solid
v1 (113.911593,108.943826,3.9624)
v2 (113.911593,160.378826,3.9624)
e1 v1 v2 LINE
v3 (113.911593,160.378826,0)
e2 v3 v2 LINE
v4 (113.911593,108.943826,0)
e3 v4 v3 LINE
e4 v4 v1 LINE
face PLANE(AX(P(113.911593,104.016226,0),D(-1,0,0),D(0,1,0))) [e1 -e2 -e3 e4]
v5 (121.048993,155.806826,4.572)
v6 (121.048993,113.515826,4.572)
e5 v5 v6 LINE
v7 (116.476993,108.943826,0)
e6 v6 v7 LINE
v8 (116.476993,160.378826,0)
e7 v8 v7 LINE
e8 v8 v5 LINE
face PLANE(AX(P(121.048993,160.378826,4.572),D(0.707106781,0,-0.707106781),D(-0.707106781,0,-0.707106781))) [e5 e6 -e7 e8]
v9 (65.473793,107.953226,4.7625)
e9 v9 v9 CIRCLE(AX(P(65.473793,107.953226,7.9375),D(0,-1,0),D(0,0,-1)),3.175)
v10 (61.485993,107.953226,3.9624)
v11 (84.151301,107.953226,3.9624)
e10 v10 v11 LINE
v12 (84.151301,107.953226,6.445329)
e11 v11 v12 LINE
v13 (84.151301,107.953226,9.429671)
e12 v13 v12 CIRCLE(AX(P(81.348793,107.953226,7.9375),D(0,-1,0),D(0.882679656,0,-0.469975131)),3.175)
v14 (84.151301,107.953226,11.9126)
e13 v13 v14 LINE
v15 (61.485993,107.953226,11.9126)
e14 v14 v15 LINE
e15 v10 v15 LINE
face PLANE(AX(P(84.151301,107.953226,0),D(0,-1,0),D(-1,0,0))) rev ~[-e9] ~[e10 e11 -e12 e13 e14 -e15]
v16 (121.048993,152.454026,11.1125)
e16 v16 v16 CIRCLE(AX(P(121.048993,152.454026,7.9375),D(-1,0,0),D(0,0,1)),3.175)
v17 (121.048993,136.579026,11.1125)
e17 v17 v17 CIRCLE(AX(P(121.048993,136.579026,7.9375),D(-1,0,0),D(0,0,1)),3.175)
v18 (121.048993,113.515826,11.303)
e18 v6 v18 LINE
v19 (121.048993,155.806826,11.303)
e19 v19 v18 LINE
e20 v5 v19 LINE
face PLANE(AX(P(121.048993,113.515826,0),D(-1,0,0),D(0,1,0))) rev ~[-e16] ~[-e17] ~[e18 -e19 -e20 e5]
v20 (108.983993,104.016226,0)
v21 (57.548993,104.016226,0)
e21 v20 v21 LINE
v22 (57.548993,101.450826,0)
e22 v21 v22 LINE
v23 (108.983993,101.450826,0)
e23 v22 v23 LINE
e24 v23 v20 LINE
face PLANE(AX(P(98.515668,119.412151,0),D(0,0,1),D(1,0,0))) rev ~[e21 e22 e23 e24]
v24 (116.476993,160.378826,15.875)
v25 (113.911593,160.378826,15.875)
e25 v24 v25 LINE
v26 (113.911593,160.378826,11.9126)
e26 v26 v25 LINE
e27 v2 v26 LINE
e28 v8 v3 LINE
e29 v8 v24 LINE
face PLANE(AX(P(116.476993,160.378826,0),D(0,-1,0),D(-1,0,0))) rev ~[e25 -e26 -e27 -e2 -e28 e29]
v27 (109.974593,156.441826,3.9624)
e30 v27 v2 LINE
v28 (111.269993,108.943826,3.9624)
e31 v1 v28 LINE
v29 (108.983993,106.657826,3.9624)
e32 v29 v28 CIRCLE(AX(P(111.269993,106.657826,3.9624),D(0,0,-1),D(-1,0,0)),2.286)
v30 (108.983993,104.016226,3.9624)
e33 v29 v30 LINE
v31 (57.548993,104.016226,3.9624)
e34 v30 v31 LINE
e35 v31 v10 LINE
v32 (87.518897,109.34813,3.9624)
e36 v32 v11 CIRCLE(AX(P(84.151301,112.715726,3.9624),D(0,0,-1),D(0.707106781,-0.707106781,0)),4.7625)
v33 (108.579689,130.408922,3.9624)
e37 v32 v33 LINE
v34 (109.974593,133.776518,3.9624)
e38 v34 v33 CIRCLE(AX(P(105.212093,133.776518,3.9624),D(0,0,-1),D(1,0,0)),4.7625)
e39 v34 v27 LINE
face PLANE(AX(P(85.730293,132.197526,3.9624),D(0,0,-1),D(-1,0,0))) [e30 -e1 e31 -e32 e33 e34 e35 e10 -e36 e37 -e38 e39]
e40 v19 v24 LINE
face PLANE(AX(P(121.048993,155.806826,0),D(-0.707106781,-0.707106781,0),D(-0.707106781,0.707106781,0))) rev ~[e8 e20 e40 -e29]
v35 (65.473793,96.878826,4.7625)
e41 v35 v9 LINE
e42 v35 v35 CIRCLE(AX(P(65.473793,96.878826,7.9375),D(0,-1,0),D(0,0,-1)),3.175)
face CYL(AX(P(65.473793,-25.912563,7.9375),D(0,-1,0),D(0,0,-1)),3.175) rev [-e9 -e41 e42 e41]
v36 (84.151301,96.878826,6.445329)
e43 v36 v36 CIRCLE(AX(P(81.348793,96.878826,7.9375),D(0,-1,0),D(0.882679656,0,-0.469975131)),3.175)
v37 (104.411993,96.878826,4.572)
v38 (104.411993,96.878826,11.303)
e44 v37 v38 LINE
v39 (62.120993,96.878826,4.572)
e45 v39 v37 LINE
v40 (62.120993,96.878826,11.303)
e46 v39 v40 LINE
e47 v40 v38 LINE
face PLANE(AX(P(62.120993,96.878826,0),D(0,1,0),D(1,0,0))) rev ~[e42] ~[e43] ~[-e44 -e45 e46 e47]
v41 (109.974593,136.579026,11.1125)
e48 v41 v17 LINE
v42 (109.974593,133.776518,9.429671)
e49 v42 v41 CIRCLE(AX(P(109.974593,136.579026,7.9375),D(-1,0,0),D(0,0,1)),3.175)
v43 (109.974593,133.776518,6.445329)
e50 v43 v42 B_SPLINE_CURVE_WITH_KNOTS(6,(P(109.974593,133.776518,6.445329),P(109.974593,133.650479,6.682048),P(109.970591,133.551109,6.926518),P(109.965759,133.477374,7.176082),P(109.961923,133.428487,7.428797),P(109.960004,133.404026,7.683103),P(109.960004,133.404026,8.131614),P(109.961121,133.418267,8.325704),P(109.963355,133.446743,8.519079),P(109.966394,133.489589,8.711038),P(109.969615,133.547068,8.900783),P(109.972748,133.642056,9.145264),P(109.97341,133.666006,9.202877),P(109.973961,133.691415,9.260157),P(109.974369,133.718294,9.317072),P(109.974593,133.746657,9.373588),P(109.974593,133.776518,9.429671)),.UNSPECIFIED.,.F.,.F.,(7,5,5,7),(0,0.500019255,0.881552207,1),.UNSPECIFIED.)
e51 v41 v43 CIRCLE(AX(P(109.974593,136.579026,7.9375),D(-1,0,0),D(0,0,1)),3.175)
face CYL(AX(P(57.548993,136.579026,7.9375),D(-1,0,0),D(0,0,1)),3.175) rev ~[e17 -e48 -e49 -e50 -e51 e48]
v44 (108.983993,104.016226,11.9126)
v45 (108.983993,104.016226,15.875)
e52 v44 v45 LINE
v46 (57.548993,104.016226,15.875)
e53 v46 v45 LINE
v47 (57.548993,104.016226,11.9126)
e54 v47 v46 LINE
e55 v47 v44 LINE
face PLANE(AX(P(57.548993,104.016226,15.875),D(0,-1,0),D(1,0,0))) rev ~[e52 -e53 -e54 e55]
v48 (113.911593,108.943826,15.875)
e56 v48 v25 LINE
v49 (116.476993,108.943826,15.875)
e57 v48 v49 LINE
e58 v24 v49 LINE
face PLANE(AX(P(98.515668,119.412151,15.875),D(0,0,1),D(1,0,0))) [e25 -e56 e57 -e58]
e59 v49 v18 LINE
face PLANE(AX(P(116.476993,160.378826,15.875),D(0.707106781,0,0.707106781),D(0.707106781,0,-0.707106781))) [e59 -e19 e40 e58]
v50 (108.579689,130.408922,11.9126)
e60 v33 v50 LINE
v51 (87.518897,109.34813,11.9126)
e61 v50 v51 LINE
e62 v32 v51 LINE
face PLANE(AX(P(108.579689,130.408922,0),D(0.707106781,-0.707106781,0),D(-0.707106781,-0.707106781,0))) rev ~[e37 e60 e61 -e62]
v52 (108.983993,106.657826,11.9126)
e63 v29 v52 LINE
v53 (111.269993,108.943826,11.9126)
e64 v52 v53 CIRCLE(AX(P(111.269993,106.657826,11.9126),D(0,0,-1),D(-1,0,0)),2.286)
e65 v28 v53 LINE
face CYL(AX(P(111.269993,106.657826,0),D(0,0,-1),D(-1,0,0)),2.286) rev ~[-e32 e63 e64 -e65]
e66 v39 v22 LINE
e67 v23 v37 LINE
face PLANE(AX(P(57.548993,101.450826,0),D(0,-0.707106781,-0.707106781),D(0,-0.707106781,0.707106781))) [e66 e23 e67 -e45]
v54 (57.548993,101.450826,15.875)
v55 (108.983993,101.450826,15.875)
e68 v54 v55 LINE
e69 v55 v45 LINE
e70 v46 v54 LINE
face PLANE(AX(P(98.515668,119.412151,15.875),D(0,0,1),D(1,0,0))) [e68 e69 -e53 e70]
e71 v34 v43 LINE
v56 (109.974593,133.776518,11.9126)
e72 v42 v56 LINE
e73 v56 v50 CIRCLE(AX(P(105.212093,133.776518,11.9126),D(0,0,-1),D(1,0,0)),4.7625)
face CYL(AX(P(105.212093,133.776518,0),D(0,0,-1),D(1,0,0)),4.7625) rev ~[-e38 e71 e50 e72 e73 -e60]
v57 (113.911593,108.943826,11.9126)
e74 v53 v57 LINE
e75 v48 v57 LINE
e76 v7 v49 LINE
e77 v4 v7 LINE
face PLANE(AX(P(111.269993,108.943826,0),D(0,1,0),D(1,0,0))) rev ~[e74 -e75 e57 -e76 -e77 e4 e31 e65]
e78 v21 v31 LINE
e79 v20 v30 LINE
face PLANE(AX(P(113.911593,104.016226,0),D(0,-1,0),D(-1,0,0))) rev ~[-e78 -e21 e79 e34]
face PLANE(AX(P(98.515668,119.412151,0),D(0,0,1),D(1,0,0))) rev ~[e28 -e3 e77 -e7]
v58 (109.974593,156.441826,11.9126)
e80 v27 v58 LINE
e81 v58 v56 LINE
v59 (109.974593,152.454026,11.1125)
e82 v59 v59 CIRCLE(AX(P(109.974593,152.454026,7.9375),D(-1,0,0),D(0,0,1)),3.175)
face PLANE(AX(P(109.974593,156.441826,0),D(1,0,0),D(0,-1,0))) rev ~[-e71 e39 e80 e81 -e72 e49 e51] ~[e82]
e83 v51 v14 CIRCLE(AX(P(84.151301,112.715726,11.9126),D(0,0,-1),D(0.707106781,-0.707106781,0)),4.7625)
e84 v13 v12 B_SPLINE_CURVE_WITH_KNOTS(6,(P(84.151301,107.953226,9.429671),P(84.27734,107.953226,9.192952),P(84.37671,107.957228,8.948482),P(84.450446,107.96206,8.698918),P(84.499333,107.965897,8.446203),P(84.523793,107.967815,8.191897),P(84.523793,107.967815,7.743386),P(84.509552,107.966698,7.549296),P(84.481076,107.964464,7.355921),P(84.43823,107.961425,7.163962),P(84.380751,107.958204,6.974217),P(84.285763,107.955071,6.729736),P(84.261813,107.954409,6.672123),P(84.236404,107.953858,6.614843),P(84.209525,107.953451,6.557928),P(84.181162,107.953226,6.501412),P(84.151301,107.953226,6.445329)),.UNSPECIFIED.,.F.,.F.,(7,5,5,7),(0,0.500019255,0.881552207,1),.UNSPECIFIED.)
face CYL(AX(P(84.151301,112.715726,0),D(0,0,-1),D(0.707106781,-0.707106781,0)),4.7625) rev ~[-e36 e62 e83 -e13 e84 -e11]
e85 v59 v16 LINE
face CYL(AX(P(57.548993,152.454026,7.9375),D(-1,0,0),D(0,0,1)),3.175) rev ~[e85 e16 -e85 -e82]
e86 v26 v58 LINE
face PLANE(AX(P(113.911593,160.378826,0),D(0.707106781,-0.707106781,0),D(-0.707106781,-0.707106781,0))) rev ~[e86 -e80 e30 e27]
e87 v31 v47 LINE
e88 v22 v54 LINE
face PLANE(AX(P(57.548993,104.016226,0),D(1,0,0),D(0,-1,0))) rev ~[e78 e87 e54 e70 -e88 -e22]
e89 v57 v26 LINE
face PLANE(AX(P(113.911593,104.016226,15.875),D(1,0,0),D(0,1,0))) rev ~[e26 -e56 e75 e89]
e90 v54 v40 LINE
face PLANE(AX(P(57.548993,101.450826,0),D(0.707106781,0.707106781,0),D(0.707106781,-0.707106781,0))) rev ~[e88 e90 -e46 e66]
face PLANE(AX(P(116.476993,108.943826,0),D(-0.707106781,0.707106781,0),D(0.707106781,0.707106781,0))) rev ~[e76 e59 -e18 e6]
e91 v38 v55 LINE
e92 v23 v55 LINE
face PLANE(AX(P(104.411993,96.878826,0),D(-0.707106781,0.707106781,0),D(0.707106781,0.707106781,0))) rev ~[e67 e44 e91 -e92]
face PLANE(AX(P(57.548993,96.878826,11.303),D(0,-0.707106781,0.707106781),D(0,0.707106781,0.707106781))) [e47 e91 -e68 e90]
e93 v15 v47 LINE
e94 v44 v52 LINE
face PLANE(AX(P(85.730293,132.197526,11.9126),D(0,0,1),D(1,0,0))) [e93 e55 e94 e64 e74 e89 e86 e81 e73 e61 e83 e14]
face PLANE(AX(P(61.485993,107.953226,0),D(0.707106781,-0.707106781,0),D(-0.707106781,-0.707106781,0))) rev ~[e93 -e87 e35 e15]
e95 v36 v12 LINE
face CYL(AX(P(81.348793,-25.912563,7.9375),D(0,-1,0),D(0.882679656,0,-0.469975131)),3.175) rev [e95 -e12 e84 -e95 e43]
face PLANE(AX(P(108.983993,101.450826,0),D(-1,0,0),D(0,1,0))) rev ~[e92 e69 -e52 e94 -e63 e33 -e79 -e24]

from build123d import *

# Parameters (mm, degrees)
EXTRUDE1_DEPTH          = 15.875
SKETCH2_W               = 56.3626
SKETCH2_H               = 56.3626
CUT_EXTRUDE1_DEPTH      = 3.9624
SKETCH3_W               = 56.3626
SKETCH3_H               = 56.3626
CUT_EXTRUDE2_DEPTH      = 3.9624
CUT_EXTRUDE3_DEPTH      = 174.221342401
CUT_EXTRUDE4_DEPTH      = 138.612224622
SKETCH7_R               = 3.175
CUT_EXTRUDE6_DEPTH      = 174.221342401
CUT_EXTRUDE7_DEPTH      = 3.9624
CUT_EXTRUDE7_DEPTH_BACK = 133.865789145
SKETCH9_R               = 3.175


with BuildPart() as part:
    # Sketch1 → Extrude1 (new body)
    with BuildSketch(Plane.XY):
        with BuildLine():
            Line((108.579689187, 130.408922074), (87.518897096, 109.348129983))
            ThreePointArc((87.518897096, 109.348129983), (85.973830897, 108.315749755), (84.15130105, 107.953226029))
            Line((84.15130105, 107.953226029), (61.485993141, 107.953226029))
            Line((61.485993141, 107.953226029), (57.548993141, 104.016226029))
            Line((57.548993141, 104.016226029), (57.548993141, 101.450826029))
            Line((57.548993141, 101.450826029), (62.120993141, 96.878826029))
            Line((62.120993141, 96.878826029), (104.411993141, 96.878826029))
            Line((104.411993141, 96.878826029), (108.983993141, 101.450826029))
            Line((108.983993141, 101.450826029), (108.983993141, 106.657826029))
            ThreePointArc((108.983993141, 106.657826029), (109.653547039, 108.27427213), (111.269993141, 108.943826029))
            Line((111.269993141, 108.943826029), (116.476993141, 108.943826029))
            Line((116.476993141, 108.943826029), (121.048993141, 113.515826029))
            Line((121.048993141, 113.515826029), (121.048993141, 155.806826029))
            Line((121.048993141, 155.806826029), (116.476993141, 160.378826029))
            Line((116.476993141, 160.378826029), (113.911593141, 160.378826029))
            Line((113.911593141, 160.378826029), (109.974593141, 156.441826029))
            Line((109.974593141, 156.441826029), (109.974593141, 133.776518119))
            ThreePointArc((109.974593141, 133.776518119), (109.612069415, 131.953988273), (108.579689187, 130.408922074))
        make_face()
    extrude(amount=EXTRUDE1_DEPTH)

    # Sketch2 → Cut-Extrude1 (cut)
    with BuildSketch(Plane.XY.offset(15.875)):
        with Locations((85.730293141, 132.197526029)):
            Rectangle(SKETCH2_W, SKETCH2_H)
    extrude(amount=-CUT_EXTRUDE1_DEPTH, mode=Mode.SUBTRACT)

    # Sketch3 → Cut-Extrude2 (cut)
    with BuildSketch(Plane(origin=(0, 0, 0), x_dir=(-1, 0, 0), z_dir=(0, 0, -1))):
        with Locations((-85.730293141, 132.197526029)):
            Rectangle(SKETCH3_W, SKETCH3_H)
    extrude(amount=-CUT_EXTRUDE2_DEPTH, mode=Mode.SUBTRACT)

    # Sketch4 → Cut-Extrude3 (cut, through all)
    with BuildSketch(Plane.ZY.offset(-57.548993141)):
        Polygon((0, 101.450826029), (4.572, 96.878826029), (11.303, 96.878826029), (15.875, 101.450826029), (19.712057388, 96.14079716), (9.313004955, 92.313845979), (-3.516713195, 97.866362975), align=None)
    extrude(amount=-CUT_EXTRUDE3_DEPTH, mode=Mode.SUBTRACT)

    # Sketch6 → Cut-Extrude4 (cut, through all)
    with BuildSketch(Plane(origin=(0, 160.378826029, 0), x_dir=(1, 0, 0), z_dir=(0, 1, 0))):
        Polygon((116.476993141, -15.875), (121.048993141, -11.303), (121.048993141, -4.572), (116.476993141, 0), (122.85176925, 1.025817626), (123.595758284, -16.192214298), (117.254137473, -18.459609448), align=None)
    extrude(amount=-CUT_EXTRUDE4_DEPTH, mode=Mode.SUBTRACT)

    # Sketch7 → Cut-Extrude6 (cut, through all)
    with BuildSketch(Plane.ZY.offset(-57.548993141)):
        with Locations((7.9375, 136.579026029)):
            Circle(SKETCH7_R)
        with Locations((7.9375, 152.454026029)):
            Circle(SKETCH7_R)
    extrude(amount=-CUT_EXTRUDE6_DEPTH, mode=Mode.SUBTRACT)

    # Sketch9 → Cut-Extrude7 (cut, two sides: drawn at the far end of the back side and taken through both)
    with BuildSketch(Plane(origin=(0, 107.953226029, 0), x_dir=(1, 0, 0), z_dir=(0, 1, 0)).offset(-CUT_EXTRUDE7_DEPTH_BACK)):
        with Locations(Location((65.473793141, -7.9375, 0), (0, 0, 90))):
            Circle(SKETCH9_R)
        with Locations(Location((81.348793141, -7.9375, 0), (0, 0, 28.032682271))):
            Circle(SKETCH9_R)
    extrude(amount=CUT_EXTRUDE7_DEPTH + CUT_EXTRUDE7_DEPTH_BACK, mode=Mode.SUBTRACT)


solid = part.part
